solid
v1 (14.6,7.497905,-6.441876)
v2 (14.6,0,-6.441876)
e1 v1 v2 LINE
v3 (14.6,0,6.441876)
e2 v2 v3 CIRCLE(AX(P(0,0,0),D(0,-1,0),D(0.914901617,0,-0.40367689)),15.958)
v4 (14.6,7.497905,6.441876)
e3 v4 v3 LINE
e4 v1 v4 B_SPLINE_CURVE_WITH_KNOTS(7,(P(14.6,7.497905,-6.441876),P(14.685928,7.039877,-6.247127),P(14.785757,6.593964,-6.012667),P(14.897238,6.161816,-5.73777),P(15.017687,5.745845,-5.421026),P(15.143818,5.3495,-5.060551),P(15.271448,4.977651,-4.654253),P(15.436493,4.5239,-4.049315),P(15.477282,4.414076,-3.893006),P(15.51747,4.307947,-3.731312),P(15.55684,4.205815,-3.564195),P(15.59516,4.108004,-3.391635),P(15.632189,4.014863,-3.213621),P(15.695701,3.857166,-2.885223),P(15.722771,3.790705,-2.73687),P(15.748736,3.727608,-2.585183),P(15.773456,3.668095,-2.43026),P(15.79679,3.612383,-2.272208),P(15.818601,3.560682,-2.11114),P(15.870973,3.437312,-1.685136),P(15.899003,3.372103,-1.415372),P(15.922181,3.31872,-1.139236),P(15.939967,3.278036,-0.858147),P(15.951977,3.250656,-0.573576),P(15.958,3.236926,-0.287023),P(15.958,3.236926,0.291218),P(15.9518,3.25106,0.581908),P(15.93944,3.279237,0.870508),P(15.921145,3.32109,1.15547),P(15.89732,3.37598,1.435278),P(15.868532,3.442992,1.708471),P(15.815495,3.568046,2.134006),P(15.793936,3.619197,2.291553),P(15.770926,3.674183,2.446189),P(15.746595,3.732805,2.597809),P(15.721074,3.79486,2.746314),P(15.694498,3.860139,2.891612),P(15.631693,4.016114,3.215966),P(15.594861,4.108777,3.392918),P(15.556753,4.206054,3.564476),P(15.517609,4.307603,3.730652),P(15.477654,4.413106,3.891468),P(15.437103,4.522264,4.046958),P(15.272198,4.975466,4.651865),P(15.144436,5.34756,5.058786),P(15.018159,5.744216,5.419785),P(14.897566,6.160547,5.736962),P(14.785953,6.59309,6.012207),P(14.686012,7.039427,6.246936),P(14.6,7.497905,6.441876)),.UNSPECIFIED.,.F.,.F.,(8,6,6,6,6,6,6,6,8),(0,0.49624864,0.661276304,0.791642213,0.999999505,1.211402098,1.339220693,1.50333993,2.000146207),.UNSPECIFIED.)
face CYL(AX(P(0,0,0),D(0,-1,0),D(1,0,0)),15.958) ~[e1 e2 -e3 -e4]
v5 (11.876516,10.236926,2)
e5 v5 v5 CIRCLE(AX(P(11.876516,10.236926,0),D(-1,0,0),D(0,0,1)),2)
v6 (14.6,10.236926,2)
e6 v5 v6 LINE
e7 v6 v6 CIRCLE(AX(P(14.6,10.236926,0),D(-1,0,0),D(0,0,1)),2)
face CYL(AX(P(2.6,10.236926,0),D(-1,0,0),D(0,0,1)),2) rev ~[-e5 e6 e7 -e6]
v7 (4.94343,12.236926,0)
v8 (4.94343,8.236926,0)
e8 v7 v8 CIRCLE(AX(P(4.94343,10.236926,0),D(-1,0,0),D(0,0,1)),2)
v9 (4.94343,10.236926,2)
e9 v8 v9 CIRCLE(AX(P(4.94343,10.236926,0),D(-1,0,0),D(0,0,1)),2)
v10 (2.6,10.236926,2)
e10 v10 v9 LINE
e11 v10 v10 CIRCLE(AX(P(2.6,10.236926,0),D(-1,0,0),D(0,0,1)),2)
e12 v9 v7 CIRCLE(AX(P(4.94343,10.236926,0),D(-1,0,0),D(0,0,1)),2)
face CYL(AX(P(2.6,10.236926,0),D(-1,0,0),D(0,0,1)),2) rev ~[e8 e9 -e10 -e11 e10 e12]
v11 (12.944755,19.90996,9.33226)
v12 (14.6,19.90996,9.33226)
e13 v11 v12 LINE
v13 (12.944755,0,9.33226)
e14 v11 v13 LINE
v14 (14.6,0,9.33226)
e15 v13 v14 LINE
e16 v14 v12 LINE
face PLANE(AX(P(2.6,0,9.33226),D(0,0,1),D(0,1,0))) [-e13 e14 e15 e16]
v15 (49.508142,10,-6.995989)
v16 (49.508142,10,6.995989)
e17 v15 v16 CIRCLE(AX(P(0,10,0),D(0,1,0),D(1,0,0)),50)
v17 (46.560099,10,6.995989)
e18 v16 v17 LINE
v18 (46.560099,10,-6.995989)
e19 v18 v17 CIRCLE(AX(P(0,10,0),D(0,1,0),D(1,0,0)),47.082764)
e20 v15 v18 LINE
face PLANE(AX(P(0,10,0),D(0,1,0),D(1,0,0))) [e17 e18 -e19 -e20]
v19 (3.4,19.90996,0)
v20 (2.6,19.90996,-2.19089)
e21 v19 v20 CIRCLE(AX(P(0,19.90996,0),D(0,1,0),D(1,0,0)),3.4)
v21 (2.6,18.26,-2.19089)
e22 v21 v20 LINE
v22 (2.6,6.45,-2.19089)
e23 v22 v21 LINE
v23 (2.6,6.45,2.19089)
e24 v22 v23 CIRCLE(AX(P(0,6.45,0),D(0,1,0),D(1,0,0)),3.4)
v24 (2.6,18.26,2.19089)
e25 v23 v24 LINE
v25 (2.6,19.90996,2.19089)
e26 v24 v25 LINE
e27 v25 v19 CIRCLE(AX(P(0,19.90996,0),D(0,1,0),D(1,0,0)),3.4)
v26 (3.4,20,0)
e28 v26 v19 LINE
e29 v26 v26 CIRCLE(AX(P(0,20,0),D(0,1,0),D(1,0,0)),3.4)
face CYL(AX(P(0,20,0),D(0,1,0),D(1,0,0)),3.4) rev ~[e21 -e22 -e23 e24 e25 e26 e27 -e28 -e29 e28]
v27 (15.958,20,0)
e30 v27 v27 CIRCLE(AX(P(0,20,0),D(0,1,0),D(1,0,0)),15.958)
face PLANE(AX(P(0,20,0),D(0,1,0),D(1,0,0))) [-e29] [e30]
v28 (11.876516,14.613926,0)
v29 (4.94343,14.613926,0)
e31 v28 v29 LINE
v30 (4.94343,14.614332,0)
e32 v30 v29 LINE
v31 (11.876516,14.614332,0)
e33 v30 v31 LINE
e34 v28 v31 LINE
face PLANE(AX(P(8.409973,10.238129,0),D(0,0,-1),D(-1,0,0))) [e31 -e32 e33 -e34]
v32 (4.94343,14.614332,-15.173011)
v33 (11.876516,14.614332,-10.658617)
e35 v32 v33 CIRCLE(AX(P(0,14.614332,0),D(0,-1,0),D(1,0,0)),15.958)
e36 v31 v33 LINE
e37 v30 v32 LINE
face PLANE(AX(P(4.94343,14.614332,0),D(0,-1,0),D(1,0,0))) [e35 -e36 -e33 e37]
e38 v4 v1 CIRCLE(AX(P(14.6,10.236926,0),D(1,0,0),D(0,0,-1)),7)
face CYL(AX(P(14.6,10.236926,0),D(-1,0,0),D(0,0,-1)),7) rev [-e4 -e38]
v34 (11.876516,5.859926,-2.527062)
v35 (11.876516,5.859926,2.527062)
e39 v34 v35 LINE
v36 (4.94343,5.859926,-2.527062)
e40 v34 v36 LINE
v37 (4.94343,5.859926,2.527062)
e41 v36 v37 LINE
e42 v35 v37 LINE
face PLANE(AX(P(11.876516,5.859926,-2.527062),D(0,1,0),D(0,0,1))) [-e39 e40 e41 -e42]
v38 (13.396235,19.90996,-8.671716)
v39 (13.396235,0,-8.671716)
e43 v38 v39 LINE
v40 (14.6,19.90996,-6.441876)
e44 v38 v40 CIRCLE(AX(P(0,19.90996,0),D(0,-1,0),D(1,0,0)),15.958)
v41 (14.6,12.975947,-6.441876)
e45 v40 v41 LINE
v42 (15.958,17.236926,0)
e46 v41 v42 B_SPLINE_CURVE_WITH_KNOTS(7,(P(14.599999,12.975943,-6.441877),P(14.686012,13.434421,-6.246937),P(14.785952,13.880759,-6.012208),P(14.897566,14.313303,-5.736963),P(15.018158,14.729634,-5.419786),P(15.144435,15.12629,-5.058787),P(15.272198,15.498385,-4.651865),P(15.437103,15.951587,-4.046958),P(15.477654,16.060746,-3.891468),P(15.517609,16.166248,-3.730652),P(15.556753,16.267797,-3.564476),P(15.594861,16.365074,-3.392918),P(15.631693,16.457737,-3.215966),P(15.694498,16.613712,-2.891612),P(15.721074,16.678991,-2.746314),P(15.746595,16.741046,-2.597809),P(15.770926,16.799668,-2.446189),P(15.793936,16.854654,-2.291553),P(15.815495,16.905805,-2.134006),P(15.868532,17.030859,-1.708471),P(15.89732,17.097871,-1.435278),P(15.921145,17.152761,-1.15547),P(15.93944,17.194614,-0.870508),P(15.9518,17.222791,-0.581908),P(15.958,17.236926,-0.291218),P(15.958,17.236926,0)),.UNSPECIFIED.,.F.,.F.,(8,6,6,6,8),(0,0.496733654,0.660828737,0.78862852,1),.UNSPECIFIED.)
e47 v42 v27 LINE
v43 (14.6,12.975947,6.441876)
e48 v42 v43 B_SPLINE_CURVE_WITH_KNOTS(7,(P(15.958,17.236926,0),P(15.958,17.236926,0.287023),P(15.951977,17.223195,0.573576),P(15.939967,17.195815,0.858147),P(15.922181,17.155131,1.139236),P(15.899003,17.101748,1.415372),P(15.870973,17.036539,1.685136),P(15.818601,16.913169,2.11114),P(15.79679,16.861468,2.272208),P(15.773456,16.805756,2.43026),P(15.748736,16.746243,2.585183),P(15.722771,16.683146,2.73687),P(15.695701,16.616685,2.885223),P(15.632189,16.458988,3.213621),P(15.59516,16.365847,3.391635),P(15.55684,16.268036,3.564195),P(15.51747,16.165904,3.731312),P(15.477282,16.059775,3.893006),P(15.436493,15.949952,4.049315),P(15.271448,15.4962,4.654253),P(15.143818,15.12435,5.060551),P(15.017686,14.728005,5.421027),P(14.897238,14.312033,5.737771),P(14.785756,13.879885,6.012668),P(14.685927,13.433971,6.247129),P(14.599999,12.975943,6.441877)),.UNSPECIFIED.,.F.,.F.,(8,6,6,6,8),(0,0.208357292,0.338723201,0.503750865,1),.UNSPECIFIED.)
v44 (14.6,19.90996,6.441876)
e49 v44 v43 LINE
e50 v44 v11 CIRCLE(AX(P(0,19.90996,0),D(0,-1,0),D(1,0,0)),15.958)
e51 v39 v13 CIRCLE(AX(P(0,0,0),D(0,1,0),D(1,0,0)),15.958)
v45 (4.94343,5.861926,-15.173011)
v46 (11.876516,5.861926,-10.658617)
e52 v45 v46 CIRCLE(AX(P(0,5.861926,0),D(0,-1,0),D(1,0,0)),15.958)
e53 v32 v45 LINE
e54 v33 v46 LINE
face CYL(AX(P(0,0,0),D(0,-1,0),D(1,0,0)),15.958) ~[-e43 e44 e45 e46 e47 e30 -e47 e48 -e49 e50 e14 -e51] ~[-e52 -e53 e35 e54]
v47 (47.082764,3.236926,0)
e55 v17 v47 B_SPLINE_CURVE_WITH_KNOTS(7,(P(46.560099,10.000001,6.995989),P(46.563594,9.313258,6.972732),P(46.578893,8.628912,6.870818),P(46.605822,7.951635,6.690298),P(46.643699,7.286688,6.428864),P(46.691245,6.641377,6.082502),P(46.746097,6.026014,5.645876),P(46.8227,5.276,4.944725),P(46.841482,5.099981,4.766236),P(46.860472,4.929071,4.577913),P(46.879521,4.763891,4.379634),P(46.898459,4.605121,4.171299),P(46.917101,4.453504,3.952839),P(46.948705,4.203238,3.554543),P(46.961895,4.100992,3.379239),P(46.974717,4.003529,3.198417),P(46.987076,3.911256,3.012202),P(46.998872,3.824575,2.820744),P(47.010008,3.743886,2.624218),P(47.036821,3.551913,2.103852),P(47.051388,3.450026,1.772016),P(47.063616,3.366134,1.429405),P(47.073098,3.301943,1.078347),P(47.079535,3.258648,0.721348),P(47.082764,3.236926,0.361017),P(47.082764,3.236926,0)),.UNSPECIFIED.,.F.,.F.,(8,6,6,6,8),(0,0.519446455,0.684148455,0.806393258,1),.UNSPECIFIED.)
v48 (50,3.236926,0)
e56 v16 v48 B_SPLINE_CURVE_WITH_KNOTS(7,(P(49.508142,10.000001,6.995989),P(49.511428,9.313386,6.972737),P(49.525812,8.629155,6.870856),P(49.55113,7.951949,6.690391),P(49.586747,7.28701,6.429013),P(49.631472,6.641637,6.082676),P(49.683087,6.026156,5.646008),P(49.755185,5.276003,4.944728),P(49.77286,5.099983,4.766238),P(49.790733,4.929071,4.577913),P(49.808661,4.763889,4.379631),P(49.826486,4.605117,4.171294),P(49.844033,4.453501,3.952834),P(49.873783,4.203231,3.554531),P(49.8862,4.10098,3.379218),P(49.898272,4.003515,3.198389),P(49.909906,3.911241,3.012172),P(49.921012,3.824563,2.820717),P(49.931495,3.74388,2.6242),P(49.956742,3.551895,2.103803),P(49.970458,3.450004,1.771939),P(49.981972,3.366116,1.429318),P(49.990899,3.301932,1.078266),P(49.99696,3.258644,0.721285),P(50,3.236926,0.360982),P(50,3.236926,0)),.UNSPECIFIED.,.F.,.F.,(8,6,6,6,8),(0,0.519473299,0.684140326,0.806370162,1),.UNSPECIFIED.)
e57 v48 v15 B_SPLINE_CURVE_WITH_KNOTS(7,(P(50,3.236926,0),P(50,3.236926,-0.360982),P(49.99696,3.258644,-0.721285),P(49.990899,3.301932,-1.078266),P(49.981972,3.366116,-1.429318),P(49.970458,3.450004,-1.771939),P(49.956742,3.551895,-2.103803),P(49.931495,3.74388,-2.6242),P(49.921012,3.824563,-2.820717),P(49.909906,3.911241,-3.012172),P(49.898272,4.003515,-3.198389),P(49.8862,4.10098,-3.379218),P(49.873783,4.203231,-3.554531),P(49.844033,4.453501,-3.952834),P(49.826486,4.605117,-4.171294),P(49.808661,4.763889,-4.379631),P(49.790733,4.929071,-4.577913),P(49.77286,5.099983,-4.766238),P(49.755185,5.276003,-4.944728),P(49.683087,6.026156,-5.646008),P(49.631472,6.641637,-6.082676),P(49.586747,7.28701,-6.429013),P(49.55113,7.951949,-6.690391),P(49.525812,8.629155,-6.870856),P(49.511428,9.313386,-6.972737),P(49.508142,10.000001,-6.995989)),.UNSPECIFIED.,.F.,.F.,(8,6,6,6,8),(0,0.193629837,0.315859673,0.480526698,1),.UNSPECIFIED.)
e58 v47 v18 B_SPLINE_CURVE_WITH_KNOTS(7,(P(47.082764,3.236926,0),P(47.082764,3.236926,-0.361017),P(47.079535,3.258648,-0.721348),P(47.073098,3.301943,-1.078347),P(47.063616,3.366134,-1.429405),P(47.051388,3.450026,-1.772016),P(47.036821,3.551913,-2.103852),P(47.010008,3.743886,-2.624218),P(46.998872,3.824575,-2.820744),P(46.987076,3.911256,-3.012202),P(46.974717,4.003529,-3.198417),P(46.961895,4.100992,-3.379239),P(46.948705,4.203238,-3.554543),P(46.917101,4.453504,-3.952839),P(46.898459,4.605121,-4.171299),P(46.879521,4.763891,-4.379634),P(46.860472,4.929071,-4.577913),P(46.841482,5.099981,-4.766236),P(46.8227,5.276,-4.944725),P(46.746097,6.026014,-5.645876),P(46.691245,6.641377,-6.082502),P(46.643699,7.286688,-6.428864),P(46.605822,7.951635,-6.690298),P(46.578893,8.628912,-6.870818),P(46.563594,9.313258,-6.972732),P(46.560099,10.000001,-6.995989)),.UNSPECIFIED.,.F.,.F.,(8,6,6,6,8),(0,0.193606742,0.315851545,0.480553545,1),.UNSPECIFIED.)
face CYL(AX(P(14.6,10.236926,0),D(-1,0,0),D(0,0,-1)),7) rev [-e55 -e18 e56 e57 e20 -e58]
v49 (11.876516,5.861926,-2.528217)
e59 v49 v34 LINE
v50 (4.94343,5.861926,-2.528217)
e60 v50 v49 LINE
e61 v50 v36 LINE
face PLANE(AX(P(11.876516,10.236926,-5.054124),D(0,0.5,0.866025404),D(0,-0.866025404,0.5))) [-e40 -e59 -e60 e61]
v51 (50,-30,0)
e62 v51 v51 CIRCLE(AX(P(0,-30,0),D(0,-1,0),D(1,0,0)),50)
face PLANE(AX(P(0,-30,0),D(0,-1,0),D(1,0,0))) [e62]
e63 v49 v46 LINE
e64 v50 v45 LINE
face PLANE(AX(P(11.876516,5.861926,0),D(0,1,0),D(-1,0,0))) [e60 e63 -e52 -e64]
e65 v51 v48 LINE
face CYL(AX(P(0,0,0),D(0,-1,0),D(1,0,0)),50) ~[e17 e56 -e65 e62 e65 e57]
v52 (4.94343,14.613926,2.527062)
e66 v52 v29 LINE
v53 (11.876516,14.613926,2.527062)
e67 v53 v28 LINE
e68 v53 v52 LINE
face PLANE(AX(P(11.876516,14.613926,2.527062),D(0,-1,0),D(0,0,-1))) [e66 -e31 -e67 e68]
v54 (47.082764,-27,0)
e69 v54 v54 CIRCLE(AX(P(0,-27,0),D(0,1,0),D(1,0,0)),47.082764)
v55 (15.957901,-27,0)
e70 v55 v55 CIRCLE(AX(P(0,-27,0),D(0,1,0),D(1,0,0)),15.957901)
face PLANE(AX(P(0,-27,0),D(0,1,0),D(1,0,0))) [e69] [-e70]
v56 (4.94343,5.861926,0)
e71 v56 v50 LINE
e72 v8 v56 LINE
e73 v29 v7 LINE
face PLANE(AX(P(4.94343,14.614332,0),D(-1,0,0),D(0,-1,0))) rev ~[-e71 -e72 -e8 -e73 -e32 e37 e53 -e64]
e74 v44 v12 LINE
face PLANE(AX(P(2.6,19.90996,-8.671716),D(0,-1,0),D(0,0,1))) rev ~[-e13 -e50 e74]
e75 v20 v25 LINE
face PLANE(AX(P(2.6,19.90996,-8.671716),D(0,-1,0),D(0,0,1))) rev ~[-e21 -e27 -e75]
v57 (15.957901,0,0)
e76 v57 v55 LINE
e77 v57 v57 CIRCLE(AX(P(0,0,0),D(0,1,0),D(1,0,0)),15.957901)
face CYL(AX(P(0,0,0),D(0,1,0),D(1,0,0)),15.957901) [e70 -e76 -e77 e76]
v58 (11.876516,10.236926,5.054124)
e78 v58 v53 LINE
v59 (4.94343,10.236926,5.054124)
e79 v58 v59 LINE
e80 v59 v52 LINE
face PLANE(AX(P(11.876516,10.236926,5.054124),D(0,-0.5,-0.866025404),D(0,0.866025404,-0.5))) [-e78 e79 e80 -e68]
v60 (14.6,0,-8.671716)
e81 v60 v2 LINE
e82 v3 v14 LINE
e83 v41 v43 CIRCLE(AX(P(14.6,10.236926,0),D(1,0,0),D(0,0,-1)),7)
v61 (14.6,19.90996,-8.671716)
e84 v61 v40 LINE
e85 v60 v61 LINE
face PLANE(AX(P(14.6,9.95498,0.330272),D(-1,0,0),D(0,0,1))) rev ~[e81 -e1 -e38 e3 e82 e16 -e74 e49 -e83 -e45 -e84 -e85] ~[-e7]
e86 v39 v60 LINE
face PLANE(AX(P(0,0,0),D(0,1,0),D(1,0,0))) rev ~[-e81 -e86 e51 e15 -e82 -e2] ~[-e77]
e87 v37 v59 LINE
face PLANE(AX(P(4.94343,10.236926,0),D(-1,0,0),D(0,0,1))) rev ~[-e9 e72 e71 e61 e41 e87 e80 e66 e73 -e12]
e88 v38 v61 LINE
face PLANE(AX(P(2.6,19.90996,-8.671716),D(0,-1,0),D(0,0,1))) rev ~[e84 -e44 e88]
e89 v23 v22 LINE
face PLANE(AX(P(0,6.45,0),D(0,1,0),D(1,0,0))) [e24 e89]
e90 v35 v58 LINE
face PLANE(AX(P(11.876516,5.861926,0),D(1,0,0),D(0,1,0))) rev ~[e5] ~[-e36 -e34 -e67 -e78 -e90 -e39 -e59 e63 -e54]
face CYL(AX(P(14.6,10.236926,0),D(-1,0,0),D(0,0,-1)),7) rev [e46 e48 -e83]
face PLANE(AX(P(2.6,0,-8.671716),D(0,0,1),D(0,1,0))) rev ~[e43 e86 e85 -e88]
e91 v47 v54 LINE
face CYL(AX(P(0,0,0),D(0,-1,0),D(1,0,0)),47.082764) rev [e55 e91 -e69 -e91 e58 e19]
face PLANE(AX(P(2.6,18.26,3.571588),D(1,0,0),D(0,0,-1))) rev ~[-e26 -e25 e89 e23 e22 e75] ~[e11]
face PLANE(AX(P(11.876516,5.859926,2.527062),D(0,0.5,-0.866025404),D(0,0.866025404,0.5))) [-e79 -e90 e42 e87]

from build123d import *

# Parameters (mm, degrees)
SKETCH1_R               = 15.958
BOSS_EXTRUDE1_DEPTH     = 20
SKETCH2_R               = 3.4
CUT_EXTRUDE1_DEPTH      = 13.55
SKETCH5_W               = 1.550685087
SKETCH5_H               = 7.184215806
BOSS_EXTRUDE2_DEPTH     = 13.55
SKETCH7_W               = 18.003976239
SKETCH7_H               = 19.909960041
BOSS_EXTRUDE3_DEPTH     = 12
SKETCH6_R               = 2
CUT_EXTRUDE2_DEPTH      = 1
CUT_EXTRUDE2_DEPTH_BACK = 13.55
NUTOPENING_DEPTH        = 30
SKETCH10_R              = 50
BOSS_EXTRUDE4_DEPTH     = 30
SKETCH12_R              = 47.082764373
SKETCH12_R_2            = 15.95790089
CUT_EXTRUDE5_DEPTH      = 27
SKETCH13_R              = 50
SKETCH13_R_2            = 47.082764373
BOSS_EXTRUDE5_DEPTH     = 10
CUT_EXTRUDE6_DEPTH      = 6.933086
SKETCH16_R              = 7
CUT_EXTRUDE7_DEPTH      = 40


with BuildPart() as part:
    # Sketch1 → Boss-Extrude1 (new body)
    with BuildSketch(Plane(origin=(0, 0, 0), x_dir=(1, 0, 0), z_dir=(0, 1, 0))):
        Circle(SKETCH1_R)
    extrude(amount=BOSS_EXTRUDE1_DEPTH)

    # Sketch2 → Cut-Extrude1 (cut)
    with BuildSketch(Plane(origin=(0, 20, 0), x_dir=(1, 0, 0), z_dir=(0, 1, 0))):
        Circle(SKETCH2_R)
    extrude(amount=-CUT_EXTRUDE1_DEPTH, mode=Mode.SUBTRACT)

    # Sketch5 → Boss-Extrude2 (add)
    with BuildSketch(Plane(origin=(0, 18.26, 0), x_dir=(1, 0, 0), z_dir=(0, 1, 0))):
        with Locations((3.375342544, 0.020519704)):
            Rectangle(SKETCH5_W, SKETCH5_H)
    extrude(amount=-BOSS_EXTRUDE2_DEPTH)

    # Sketch7 → Boss-Extrude3 (add)
    with BuildSketch(Plane.ZY.offset(-2.6)):
        with Locations((0.33027221, 9.954980021)):
            Rectangle(SKETCH7_W, SKETCH7_H)
    extrude(amount=-BOSS_EXTRUDE3_DEPTH)

    # Sketch6 → Cut-Extrude2 (cut, two sides)
    with BuildSketch(Plane.ZY.offset(-2.6)) as cut_extrude2_sk:
        with Locations((0, 10.236925537)):
            Circle(SKETCH6_R)
    extrude(amount=CUT_EXTRUDE2_DEPTH, mode=Mode.SUBTRACT)
    extrude(cut_extrude2_sk.sketch, amount=-CUT_EXTRUDE2_DEPTH_BACK, mode=Mode.SUBTRACT)

    # Sketch9 → NutOpening (cut)
    with BuildSketch(Plane.XY):
        Polygon((11.876516377, 10.236925537), (11.876516377, 5.861925537), (4.943430227, 5.861925537), (4.943430227, 10.236925537), (4.943430227, 14.614332445), (11.876516377, 14.614332445), align=None)
    extrude(amount=-NUTOPENING_DEPTH, mode=Mode.SUBTRACT)

    # Sketch10 → Boss-Extrude4 (add)
    with BuildSketch(Plane.XZ):
        Circle(SKETCH10_R)
    extrude(amount=BOSS_EXTRUDE4_DEPTH)

    # Sketch12 → Cut-Extrude5 (cut)
    with BuildSketch(Plane(origin=(0, 0, 0), x_dir=(1, 0, 0), z_dir=(0, 1, 0))):
        Circle(SKETCH12_R)
        Circle(SKETCH12_R_2, mode=Mode.SUBTRACT)
    extrude(amount=-CUT_EXTRUDE5_DEPTH, mode=Mode.SUBTRACT)

    # Sketch13 → Boss-Extrude5 (add)
    with BuildSketch(Plane(origin=(0, 0, 0), x_dir=(1, 0, 0), z_dir=(0, 1, 0))):
        Circle(SKETCH13_R)
        Circle(SKETCH13_R_2, mode=Mode.SUBTRACT)
    extrude(amount=BOSS_EXTRUDE5_DEPTH)

    # Sketch14 → Cut-Extrude6 (cut)
    with BuildSketch(Plane.ZY.offset(-11.876516377)):
        Polygon((-5.054124256, 10.236925537), (-2.527062128, 5.859925537), (2.527062128, 5.859925537), (5.054124256, 10.236925537), (2.527062128, 14.613925537), (-2.527062128, 14.613925537), align=None)
    extrude(amount=CUT_EXTRUDE6_DEPTH, mode=Mode.SUBTRACT)

    # Sketch16 → Cut-Extrude7 (cut)
    with BuildSketch(Plane(origin=(14.6, 0, 0), x_dir=(0, 0, -1), z_dir=(1, 0, 0))):
        with Locations((0, 10.236925537)):
            Circle(SKETCH16_R)
    extrude(amount=CUT_EXTRUDE7_DEPTH, mode=Mode.SUBTRACT)


solid = part.part
